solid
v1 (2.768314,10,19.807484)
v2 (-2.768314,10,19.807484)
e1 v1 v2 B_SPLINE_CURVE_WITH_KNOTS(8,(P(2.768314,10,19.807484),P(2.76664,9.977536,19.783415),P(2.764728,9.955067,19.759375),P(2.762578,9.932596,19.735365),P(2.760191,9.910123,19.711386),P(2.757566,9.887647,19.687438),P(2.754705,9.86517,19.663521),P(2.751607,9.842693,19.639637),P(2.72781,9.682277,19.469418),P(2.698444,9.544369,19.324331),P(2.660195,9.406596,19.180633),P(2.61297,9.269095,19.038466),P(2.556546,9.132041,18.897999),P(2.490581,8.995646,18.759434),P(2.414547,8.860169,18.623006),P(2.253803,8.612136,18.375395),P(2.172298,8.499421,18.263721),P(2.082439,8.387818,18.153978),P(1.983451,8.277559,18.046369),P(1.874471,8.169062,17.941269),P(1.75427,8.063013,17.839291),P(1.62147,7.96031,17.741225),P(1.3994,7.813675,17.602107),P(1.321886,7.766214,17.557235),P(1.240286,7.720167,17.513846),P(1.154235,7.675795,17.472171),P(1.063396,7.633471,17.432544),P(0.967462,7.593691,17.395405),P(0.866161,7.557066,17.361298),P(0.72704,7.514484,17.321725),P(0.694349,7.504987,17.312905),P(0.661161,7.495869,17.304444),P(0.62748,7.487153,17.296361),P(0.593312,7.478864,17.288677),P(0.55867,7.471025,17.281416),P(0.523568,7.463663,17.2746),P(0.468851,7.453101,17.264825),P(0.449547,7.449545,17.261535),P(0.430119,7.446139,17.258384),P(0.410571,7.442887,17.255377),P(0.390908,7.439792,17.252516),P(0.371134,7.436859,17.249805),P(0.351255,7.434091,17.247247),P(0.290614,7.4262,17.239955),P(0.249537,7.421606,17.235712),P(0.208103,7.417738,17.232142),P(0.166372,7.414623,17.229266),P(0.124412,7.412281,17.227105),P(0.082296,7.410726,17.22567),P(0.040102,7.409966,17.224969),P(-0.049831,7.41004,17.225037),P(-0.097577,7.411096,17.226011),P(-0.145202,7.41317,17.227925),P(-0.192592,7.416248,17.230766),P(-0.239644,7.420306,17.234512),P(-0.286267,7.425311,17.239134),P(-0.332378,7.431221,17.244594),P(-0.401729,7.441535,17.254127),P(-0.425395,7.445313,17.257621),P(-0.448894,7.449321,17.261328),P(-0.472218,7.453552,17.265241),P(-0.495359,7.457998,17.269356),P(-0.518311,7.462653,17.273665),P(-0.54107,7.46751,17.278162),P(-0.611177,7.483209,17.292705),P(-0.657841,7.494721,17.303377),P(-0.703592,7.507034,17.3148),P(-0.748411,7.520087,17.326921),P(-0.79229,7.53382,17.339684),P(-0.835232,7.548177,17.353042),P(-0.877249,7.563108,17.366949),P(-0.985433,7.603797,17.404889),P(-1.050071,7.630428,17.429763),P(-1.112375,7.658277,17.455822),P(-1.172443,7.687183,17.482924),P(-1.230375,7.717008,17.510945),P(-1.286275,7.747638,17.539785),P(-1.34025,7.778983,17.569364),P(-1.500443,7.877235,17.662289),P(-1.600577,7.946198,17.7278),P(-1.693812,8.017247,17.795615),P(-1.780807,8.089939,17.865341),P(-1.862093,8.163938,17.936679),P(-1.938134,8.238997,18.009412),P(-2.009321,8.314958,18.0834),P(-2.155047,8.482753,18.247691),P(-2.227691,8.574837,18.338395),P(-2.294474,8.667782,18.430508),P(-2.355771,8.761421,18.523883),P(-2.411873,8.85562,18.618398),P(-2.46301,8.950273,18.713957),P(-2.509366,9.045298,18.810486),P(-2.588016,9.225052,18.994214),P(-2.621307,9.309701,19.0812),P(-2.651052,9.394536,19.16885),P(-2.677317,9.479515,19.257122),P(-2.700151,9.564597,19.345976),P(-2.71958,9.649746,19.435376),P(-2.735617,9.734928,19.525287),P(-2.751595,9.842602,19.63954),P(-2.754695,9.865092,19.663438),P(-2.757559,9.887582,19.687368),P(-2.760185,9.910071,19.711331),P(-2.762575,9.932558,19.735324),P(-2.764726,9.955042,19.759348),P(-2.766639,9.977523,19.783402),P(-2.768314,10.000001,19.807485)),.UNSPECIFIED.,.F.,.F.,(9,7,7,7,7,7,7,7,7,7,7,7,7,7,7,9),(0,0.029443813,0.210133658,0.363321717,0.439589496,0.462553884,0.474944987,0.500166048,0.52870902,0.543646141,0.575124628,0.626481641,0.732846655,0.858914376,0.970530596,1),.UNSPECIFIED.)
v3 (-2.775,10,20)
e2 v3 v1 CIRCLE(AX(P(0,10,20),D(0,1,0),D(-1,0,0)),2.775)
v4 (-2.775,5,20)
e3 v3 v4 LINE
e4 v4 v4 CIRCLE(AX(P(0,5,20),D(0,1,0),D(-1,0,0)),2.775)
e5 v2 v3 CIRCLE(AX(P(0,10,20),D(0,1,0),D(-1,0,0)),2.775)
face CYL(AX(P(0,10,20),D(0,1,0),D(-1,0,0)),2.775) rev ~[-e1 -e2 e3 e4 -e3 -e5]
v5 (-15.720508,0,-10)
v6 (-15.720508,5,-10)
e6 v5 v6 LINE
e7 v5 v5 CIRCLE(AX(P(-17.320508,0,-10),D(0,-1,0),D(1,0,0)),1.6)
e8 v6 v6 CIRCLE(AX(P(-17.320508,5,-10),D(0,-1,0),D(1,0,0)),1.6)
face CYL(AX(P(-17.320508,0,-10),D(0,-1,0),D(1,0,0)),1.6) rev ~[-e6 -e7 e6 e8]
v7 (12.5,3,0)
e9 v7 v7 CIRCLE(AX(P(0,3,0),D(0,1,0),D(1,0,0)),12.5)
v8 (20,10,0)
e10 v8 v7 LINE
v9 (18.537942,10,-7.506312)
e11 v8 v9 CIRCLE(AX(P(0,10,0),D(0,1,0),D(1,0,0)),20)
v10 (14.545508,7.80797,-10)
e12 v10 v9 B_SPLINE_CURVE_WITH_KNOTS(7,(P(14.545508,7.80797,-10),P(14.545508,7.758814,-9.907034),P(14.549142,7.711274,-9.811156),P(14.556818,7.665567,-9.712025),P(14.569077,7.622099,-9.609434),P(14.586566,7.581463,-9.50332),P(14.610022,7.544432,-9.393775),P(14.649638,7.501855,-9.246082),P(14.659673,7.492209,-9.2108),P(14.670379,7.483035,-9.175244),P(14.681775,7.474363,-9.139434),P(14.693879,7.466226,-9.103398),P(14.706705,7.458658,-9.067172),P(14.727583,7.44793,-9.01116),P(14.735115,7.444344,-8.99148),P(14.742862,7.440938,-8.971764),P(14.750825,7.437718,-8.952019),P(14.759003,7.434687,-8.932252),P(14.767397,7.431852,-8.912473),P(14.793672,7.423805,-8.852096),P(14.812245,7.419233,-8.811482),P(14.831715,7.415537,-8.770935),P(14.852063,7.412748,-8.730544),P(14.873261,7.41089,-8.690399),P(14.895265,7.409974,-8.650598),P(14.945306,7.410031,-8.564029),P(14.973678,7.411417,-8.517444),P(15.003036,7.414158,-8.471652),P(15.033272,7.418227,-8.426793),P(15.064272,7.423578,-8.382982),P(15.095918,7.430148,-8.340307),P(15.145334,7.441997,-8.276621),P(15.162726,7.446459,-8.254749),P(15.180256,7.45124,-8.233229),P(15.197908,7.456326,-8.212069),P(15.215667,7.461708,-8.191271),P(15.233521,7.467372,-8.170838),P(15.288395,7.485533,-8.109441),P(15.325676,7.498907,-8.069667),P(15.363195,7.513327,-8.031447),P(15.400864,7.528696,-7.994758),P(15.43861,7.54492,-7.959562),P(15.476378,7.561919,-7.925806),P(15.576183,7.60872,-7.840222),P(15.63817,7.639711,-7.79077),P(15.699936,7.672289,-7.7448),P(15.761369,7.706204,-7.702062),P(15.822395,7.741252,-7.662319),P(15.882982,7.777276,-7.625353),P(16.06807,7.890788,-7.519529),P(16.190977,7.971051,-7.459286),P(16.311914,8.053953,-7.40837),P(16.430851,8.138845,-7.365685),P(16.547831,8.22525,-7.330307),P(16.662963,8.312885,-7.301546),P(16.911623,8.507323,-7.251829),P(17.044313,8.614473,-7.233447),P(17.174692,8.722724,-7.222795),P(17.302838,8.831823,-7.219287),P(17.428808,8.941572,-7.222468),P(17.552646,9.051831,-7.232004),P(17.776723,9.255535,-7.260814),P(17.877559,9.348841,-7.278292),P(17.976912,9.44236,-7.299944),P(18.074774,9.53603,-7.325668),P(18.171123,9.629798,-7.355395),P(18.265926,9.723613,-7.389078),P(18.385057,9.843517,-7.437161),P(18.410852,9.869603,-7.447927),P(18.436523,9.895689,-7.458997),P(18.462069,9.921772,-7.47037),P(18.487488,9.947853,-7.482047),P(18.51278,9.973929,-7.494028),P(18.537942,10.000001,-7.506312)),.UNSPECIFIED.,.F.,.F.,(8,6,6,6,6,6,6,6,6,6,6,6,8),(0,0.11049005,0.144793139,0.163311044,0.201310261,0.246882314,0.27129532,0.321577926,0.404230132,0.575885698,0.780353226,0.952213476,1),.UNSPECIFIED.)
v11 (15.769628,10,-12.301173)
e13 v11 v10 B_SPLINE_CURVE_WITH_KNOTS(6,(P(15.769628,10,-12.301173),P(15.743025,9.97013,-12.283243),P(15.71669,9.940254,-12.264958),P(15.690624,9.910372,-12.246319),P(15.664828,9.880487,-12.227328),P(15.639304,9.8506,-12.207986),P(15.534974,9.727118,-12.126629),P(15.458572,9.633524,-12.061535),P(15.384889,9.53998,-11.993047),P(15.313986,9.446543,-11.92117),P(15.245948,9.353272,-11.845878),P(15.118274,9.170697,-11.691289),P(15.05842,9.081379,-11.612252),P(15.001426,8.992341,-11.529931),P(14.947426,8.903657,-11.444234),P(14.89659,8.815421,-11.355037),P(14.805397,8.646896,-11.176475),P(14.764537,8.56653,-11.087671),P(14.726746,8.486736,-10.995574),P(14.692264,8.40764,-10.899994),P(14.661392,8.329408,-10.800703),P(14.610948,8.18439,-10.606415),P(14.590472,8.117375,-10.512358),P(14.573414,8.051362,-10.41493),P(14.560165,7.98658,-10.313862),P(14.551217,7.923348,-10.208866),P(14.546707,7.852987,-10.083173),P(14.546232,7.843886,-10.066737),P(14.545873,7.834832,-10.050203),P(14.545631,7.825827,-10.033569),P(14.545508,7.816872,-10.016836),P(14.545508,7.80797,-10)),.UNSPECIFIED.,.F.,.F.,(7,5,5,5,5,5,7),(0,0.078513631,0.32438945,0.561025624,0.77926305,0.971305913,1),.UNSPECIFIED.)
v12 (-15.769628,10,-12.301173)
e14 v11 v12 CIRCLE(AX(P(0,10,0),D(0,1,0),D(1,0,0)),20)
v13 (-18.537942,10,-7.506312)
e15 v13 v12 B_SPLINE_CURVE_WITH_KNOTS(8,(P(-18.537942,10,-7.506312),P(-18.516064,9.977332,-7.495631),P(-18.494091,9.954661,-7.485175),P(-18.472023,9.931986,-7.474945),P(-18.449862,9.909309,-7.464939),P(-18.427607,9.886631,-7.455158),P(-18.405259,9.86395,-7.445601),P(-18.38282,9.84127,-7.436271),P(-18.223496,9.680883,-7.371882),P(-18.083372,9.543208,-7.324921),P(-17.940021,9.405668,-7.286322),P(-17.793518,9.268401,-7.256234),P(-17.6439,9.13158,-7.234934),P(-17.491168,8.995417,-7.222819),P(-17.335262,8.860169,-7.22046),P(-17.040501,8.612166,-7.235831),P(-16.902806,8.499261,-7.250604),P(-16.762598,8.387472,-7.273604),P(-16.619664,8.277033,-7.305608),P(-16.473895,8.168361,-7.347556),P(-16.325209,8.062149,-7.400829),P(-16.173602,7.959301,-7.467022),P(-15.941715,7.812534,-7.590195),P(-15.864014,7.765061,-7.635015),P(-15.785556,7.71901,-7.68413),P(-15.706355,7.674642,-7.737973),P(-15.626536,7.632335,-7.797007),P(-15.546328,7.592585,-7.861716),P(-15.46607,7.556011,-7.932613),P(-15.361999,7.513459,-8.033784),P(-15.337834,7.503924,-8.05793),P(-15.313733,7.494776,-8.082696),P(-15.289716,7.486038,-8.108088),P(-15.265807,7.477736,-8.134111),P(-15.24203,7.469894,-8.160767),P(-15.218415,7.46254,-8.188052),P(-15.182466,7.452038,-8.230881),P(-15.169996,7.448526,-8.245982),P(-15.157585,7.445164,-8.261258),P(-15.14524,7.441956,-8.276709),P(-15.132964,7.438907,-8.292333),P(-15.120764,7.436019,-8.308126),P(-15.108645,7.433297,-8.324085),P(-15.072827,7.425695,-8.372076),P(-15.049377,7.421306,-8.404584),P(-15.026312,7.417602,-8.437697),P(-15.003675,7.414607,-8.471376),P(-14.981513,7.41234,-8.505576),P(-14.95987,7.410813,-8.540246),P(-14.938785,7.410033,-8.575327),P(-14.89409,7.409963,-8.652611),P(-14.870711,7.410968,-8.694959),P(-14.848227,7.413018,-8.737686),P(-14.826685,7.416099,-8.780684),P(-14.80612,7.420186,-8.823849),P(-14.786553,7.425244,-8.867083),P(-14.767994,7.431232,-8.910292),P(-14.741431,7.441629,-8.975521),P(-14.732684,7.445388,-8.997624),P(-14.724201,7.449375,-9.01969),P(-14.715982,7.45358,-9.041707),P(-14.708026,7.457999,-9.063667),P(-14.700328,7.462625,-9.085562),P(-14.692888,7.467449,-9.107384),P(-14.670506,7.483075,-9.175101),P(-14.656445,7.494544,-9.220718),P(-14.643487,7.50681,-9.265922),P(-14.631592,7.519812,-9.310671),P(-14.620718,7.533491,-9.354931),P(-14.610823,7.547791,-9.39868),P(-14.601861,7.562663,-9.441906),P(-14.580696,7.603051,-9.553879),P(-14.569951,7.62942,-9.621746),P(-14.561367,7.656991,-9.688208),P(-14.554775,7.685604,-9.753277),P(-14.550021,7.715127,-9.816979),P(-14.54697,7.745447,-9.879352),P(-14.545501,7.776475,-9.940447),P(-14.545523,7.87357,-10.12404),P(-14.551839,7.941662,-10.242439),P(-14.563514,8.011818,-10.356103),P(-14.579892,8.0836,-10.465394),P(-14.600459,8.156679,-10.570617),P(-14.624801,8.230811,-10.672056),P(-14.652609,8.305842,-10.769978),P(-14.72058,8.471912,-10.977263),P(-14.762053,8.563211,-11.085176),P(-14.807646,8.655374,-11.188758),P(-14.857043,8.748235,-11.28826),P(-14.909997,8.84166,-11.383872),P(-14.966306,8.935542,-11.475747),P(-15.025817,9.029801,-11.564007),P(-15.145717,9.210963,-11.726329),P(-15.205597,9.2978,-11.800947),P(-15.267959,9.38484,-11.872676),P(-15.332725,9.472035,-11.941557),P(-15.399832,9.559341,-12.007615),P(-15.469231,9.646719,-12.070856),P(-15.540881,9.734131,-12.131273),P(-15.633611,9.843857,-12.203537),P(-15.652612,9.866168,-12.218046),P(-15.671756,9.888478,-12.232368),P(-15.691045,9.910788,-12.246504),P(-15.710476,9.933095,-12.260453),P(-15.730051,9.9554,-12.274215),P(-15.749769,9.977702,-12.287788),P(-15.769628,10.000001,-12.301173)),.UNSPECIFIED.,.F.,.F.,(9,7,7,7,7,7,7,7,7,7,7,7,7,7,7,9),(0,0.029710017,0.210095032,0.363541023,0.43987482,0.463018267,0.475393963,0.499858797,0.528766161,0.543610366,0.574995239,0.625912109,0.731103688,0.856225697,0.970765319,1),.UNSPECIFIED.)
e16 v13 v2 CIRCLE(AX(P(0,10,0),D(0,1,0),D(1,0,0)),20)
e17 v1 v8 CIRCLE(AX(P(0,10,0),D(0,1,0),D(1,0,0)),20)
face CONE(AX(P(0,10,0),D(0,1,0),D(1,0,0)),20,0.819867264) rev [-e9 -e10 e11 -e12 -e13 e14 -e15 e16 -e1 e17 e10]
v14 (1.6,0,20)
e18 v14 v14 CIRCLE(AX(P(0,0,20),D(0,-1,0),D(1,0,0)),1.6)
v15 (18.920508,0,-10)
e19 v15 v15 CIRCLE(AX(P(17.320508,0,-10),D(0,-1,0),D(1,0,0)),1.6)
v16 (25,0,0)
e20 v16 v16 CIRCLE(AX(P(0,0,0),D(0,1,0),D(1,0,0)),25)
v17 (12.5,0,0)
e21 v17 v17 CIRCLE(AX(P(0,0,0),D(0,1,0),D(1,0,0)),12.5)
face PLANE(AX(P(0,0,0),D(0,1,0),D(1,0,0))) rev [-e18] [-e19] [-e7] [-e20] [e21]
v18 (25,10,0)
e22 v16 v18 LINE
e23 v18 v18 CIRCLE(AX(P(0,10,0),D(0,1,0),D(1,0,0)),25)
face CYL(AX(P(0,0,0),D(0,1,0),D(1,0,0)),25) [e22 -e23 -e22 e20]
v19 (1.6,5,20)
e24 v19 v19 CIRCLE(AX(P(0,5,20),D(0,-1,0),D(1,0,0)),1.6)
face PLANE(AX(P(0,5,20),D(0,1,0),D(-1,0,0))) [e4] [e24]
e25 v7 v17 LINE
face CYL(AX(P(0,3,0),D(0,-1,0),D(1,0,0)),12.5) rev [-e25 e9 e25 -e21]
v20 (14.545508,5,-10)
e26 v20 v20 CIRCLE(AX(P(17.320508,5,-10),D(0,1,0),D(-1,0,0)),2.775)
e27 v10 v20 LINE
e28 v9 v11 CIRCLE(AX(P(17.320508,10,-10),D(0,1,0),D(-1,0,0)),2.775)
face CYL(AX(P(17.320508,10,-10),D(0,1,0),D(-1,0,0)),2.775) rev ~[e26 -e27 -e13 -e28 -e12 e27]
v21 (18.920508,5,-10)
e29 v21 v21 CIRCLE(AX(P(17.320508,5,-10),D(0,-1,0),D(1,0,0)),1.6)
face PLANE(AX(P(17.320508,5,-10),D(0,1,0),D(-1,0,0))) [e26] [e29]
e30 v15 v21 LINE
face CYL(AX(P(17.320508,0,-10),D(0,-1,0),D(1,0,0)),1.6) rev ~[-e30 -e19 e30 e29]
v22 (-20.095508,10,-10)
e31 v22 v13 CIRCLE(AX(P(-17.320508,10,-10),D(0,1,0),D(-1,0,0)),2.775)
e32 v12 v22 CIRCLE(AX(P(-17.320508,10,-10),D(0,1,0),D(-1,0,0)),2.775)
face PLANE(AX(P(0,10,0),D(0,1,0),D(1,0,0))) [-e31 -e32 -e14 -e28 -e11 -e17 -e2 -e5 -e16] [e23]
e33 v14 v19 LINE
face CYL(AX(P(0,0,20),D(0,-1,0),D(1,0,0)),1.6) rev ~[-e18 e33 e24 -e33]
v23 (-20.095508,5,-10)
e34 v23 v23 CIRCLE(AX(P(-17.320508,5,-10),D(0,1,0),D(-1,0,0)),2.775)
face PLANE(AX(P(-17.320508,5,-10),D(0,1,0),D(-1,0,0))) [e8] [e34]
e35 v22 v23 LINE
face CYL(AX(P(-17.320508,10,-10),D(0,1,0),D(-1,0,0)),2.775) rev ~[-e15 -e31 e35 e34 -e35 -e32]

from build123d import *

# Parameters (mm, degrees)
F3_R     = 1.6
F4_DEPTH = 25
F5_R     = 2.775
F6_DEPTH = 5


with BuildPart() as f2:
    # F0 (on Top) → F2 (revolve)
    with BuildSketch(Plane.XY):
        Polygon((12.5, 3), (12.5, 0), (25, 0), (25, 10), (20, 10), align=None)
    revolve(axis=Axis((0, 29.101241, 0), (0, 1, 0)))

    # F3 (on face) → F4 (cut)
    with BuildSketch(Plane.XZ):
        with Locations((0, 20)):
            Circle(F3_R)
        with Locations((-17.320508, -10)):
            Circle(F3_R)
        with Locations((17.320508, -10)):
            Circle(F3_R)
    extrude(amount=-F4_DEPTH, mode=Mode.SUBTRACT)

    # F5 (on face) → F6 (cut)
    with BuildSketch(Plane(origin=(0, 10, 0), x_dir=(-1, 0, 0), z_dir=(0, 1, 0))):
        with Locations((0, 20)):
            Circle(F5_R)
        with Locations((-17.320508, -10)):
            Circle(F5_R)
        with Locations((17.320508, -10)):
            Circle(F5_R)
    extrude(amount=-F6_DEPTH, mode=Mode.SUBTRACT)


solid = f2.part
